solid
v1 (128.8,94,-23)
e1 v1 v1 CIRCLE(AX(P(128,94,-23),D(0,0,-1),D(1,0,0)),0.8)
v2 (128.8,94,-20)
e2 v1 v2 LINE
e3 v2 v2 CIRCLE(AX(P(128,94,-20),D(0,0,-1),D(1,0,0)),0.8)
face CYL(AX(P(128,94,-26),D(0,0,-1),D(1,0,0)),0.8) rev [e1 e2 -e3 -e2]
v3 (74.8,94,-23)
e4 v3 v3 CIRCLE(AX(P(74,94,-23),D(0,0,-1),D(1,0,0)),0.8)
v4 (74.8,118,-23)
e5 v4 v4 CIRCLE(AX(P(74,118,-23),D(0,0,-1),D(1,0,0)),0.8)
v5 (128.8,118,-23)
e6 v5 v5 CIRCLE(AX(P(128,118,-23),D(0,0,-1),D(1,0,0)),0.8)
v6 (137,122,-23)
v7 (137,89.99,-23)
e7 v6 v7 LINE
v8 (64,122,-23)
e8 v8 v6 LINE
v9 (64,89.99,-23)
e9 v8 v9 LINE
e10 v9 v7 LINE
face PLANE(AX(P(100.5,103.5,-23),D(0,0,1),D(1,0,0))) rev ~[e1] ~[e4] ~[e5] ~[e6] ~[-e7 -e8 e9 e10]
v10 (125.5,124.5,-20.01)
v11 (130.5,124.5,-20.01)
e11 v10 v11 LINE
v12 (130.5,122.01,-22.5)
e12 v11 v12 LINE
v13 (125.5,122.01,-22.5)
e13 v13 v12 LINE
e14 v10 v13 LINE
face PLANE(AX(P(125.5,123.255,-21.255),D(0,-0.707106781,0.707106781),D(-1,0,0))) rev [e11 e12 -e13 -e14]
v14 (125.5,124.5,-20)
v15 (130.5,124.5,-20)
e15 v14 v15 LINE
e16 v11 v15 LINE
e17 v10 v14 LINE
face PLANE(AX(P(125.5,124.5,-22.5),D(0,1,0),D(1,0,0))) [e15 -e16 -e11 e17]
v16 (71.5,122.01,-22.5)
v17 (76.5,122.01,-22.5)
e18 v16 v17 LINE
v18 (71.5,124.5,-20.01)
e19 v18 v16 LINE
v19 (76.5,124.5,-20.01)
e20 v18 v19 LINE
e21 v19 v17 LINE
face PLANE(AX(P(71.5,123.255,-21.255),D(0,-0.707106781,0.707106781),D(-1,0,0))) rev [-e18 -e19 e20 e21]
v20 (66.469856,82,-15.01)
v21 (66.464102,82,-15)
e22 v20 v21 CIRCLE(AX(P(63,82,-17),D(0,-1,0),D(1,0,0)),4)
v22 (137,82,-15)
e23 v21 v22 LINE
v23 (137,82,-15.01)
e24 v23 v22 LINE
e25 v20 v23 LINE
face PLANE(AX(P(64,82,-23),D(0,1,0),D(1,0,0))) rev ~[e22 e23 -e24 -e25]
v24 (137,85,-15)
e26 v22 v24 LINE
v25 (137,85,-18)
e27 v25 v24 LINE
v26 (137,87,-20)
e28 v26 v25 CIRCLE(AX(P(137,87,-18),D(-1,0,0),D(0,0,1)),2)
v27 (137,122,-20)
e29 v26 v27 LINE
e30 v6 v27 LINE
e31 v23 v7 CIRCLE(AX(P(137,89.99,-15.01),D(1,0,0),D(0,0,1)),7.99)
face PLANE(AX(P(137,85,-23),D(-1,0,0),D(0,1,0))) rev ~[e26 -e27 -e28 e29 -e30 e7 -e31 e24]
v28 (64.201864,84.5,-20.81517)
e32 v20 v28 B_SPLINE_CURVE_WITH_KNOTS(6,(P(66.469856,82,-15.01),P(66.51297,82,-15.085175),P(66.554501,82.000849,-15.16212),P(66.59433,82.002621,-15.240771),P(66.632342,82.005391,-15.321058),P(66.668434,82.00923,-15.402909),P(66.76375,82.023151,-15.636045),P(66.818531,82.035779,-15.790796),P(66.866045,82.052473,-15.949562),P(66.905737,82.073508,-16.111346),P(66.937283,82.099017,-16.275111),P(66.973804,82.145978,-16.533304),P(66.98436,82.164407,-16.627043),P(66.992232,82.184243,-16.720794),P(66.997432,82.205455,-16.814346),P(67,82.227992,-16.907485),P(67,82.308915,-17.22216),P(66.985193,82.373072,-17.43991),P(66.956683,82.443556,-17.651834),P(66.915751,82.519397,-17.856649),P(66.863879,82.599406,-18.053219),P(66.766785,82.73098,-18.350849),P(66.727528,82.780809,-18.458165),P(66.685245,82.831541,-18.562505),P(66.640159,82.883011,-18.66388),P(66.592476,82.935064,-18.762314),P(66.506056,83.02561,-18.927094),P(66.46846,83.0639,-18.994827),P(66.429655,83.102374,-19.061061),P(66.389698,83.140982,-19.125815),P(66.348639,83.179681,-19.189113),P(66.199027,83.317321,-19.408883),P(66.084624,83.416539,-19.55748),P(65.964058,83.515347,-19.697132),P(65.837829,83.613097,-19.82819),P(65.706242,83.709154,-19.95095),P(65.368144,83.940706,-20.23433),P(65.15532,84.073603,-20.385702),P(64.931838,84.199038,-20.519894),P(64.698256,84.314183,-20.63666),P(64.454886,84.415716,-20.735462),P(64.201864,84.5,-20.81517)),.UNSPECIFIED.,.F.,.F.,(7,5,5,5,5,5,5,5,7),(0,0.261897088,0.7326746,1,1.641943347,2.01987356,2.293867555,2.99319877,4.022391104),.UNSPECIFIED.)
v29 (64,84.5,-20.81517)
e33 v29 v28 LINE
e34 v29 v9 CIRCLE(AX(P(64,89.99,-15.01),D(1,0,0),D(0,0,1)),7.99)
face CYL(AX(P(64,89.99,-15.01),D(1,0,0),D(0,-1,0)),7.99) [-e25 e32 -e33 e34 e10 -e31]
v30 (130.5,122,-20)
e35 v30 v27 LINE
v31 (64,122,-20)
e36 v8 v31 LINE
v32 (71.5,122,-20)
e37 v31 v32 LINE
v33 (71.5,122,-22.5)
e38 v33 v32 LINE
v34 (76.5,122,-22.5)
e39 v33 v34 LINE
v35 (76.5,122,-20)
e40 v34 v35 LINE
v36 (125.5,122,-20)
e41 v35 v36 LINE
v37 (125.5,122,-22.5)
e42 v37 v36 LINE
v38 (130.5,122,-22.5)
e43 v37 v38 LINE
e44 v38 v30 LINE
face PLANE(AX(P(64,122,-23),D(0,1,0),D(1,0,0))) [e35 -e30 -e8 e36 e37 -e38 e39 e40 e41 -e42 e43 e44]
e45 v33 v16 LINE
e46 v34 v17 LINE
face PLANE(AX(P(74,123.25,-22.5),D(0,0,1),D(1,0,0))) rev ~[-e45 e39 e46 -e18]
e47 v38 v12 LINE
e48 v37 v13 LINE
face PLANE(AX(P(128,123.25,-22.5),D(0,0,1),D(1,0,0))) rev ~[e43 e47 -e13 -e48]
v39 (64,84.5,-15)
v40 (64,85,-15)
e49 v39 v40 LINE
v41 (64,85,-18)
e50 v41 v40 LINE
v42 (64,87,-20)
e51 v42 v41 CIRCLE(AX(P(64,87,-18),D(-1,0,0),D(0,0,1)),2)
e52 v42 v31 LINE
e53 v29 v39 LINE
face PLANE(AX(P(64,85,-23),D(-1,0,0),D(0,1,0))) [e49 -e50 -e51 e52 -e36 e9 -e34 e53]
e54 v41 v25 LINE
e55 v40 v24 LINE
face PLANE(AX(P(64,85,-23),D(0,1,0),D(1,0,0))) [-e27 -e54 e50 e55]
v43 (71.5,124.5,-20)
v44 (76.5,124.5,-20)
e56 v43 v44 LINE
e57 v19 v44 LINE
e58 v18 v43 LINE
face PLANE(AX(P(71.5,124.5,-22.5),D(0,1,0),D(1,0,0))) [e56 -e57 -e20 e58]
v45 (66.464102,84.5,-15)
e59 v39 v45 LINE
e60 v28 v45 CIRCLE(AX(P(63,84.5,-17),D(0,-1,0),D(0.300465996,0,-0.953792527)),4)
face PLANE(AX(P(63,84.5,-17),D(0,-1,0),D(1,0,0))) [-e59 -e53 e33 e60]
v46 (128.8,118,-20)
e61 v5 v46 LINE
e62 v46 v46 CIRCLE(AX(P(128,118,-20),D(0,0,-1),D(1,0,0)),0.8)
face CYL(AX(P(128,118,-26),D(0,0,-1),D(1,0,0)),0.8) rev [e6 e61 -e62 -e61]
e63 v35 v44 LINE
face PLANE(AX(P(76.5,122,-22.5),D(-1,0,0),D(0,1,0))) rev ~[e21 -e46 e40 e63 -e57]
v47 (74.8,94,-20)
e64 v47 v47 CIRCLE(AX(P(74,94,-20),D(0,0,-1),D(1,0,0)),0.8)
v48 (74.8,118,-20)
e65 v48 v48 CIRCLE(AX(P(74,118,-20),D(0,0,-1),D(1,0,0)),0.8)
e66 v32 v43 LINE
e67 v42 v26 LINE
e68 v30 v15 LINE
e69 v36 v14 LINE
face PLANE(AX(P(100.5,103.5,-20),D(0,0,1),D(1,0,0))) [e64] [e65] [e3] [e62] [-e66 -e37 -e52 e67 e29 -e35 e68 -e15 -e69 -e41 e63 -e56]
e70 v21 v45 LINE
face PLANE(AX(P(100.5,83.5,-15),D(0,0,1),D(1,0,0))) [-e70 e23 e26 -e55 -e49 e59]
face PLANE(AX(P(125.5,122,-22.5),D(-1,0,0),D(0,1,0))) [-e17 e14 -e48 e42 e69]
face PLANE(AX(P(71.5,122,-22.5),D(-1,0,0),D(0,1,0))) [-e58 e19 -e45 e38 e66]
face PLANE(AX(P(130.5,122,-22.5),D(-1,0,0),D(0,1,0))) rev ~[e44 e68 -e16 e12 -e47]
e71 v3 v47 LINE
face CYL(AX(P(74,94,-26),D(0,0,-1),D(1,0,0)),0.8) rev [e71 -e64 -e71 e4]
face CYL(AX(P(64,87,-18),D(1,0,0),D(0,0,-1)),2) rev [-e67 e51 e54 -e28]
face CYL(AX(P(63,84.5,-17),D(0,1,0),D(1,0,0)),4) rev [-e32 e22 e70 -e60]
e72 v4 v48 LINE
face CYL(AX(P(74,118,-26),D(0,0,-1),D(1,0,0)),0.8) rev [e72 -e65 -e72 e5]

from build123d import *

# Parameters (mm, degrees)
CYLINDER028_R          = 4
CYLINDER028_DEPTH      = 2.5
CYLINDER028_ROLL_ANGLE = 90
BOX023_W               = 5
BOX023_H               = 2.5
BOX023_DEPTH           = 2.5
CHAMFER003_SIZE        = 2.49
BOX021_W               = 5
BOX021_H               = 2.5
BOX021_DEPTH           = 2.5
CHAMFER001_SIZE        = 2.49
CYLINDER014_R          = 0.8
CYLINDER014_DEPTH      = 28
CYLINDER015_R          = 0.8
CYLINDER015_DEPTH      = 28
CYLINDER009_R          = 0.8
CYLINDER009_DEPTH      = 28
CYLINDER008_R          = 0.8
CYLINDER008_DEPTH      = 28
BOX012_W               = 73
BOX012_H               = 37
BOX012_DEPTH           = 3
BOX011_W               = 73
BOX011_H               = 3
BOX011_DEPTH           = 8
FILLET004_R            = 7.99
FILLET005_R            = 2


with BuildPart() as cylinder028:
    # Cylinder028 → Cylinder028 (new body)
    with BuildSketch(Plane.XY):
        Circle(CYLINDER028_R)
    extrude(amount=CYLINDER028_DEPTH)


with BuildPart() as cylinder028_1:
    # Cylinder028 roll: moved
    add(cylinder028.part.rotate(Axis((0, 0, 0), (1, 0, 0)), CYLINDER028_ROLL_ANGLE))


with BuildPart() as cylinder028_2:
    # Cylinder028 placement: moved
    add(cylinder028_1.part.moved(Location((63, 84.5, -17))))


with BuildPart() as chamfer003:
    # Box023 → Box023 (new body)
    with BuildSketch(Plane(origin=(70.5, 113, -22.5), x_dir=(1, 0, 0), z_dir=(0, 0, 1))):
        with Locations((2.5, 1.25)):
            Rectangle(BOX023_W, BOX023_H)
    extrude(amount=BOX023_DEPTH)

    # Chamfer003
    chamfer003_edges = [chamfer003.edges().sort_by_distance(p)[0] for p in [
        (73, 115.5, -22.5),
    ]]
    chamfer(chamfer003_edges, length=CHAMFER003_SIZE)


with BuildPart() as chamfer003_1:
    # Chamfer003 placement: moved
    add(chamfer003.part.moved(Location((55, 9, 0))))


with BuildPart() as fusion016:
    # Box021 → Box021 (new body)
    with BuildSketch(Plane(origin=(70.5, 113, -22.5), x_dir=(1, 0, 0), z_dir=(0, 0, 1))):
        with Locations((2.5, 1.25)):
            Rectangle(BOX021_W, BOX021_H)
    extrude(amount=BOX021_DEPTH)

    # Chamfer001
    chamfer001_edges = [fusion016.edges().sort_by_distance(p)[0] for p in [
        (73, 115.5, -22.5),
    ]]
    chamfer(chamfer001_edges, length=CHAMFER001_SIZE)


with BuildPart() as fusion016_1:
    # Chamfer001 placement: moved
    add(fusion016.part.moved(Location((1, 9, 0))))

    # Fusion016: union Chamfer003
    add(chamfer003_1.part)


with BuildPart() as cylinder014:
    # Cylinder014 → Cylinder014 (new body)
    with BuildSketch(Plane(origin=(74, 118, -26), x_dir=(1, 0, 0), z_dir=(0, 0, 1))):
        Circle(CYLINDER014_R)
    extrude(amount=CYLINDER014_DEPTH)


with BuildPart() as fusion011:
    # Cylinder015 → Cylinder015 (new body)
    with BuildSketch(Plane(origin=(74, 94, -26), x_dir=(1, 0, 0), z_dir=(0, 0, 1))):
        Circle(CYLINDER015_R)
    extrude(amount=CYLINDER015_DEPTH)

    # Fusion011: union Cylinder014
    add(cylinder014.part)


with BuildPart() as fusion011_1:
    # Fusion011 placement: moved
    add(fusion011.part.moved(Location((54, 0, 0))))


with BuildPart() as cylinder009:
    # Cylinder009 → Cylinder009 (new body)
    with BuildSketch(Plane(origin=(74, 118, -26), x_dir=(1, 0, 0), z_dir=(0, 0, 1))):
        Circle(CYLINDER009_R)
    extrude(amount=CYLINDER009_DEPTH)


with BuildPart() as fusion012:
    # Cylinder008 → Cylinder008 (new body)
    with BuildSketch(Plane(origin=(74, 94, -26), x_dir=(1, 0, 0), z_dir=(0, 0, 1))):
        Circle(CYLINDER008_R)
    extrude(amount=CYLINDER008_DEPTH)

    # Fusion010: union Cylinder009
    add(cylinder009.part)

    # Fusion012: union Fusion011
    add(fusion011_1.part)


with BuildPart() as box012:
    # Box012 → Box012 (new body)
    with BuildSketch(Plane(origin=(64, 85, -23), x_dir=(1, 0, 0), z_dir=(0, 0, 1))):
        with Locations((36.5, 18.5)):
            Rectangle(BOX012_W, BOX012_H)
    extrude(amount=BOX012_DEPTH)


with BuildPart() as cut026:
    # Box011 → Box011 (new body)
    with BuildSketch(Plane(origin=(64, 82, -23), x_dir=(1, 0, 0), z_dir=(0, 0, 1))):
        with Locations((36.5, 1.5)):
            Rectangle(BOX011_W, BOX011_H)
    extrude(amount=BOX011_DEPTH)

    # Fusion001: union Box012
    add(box012.part)

    # Fillet004
    fillet004_edges = [cut026.edges().sort_by_distance(p)[0] for p in [
        (100.5, 82, -23),
    ]]
    fillet(fillet004_edges, radius=FILLET004_R)

    # Fillet005
    fillet005_edges = [cut026.edges().sort_by_distance(p)[0] for p in [
        (100.5, 85, -20),
    ]]
    fillet(fillet005_edges, radius=FILLET005_R)

    # Cut013: cut Fusion012
    add(fusion012.part, mode=Mode.SUBTRACT)

    # Fusion017: union Fusion016
    add(fusion016_1.part)

    # Cut026: cut Cylinder028
    add(cylinder028_2.part, mode=Mode.SUBTRACT)


solid = cut026.part
